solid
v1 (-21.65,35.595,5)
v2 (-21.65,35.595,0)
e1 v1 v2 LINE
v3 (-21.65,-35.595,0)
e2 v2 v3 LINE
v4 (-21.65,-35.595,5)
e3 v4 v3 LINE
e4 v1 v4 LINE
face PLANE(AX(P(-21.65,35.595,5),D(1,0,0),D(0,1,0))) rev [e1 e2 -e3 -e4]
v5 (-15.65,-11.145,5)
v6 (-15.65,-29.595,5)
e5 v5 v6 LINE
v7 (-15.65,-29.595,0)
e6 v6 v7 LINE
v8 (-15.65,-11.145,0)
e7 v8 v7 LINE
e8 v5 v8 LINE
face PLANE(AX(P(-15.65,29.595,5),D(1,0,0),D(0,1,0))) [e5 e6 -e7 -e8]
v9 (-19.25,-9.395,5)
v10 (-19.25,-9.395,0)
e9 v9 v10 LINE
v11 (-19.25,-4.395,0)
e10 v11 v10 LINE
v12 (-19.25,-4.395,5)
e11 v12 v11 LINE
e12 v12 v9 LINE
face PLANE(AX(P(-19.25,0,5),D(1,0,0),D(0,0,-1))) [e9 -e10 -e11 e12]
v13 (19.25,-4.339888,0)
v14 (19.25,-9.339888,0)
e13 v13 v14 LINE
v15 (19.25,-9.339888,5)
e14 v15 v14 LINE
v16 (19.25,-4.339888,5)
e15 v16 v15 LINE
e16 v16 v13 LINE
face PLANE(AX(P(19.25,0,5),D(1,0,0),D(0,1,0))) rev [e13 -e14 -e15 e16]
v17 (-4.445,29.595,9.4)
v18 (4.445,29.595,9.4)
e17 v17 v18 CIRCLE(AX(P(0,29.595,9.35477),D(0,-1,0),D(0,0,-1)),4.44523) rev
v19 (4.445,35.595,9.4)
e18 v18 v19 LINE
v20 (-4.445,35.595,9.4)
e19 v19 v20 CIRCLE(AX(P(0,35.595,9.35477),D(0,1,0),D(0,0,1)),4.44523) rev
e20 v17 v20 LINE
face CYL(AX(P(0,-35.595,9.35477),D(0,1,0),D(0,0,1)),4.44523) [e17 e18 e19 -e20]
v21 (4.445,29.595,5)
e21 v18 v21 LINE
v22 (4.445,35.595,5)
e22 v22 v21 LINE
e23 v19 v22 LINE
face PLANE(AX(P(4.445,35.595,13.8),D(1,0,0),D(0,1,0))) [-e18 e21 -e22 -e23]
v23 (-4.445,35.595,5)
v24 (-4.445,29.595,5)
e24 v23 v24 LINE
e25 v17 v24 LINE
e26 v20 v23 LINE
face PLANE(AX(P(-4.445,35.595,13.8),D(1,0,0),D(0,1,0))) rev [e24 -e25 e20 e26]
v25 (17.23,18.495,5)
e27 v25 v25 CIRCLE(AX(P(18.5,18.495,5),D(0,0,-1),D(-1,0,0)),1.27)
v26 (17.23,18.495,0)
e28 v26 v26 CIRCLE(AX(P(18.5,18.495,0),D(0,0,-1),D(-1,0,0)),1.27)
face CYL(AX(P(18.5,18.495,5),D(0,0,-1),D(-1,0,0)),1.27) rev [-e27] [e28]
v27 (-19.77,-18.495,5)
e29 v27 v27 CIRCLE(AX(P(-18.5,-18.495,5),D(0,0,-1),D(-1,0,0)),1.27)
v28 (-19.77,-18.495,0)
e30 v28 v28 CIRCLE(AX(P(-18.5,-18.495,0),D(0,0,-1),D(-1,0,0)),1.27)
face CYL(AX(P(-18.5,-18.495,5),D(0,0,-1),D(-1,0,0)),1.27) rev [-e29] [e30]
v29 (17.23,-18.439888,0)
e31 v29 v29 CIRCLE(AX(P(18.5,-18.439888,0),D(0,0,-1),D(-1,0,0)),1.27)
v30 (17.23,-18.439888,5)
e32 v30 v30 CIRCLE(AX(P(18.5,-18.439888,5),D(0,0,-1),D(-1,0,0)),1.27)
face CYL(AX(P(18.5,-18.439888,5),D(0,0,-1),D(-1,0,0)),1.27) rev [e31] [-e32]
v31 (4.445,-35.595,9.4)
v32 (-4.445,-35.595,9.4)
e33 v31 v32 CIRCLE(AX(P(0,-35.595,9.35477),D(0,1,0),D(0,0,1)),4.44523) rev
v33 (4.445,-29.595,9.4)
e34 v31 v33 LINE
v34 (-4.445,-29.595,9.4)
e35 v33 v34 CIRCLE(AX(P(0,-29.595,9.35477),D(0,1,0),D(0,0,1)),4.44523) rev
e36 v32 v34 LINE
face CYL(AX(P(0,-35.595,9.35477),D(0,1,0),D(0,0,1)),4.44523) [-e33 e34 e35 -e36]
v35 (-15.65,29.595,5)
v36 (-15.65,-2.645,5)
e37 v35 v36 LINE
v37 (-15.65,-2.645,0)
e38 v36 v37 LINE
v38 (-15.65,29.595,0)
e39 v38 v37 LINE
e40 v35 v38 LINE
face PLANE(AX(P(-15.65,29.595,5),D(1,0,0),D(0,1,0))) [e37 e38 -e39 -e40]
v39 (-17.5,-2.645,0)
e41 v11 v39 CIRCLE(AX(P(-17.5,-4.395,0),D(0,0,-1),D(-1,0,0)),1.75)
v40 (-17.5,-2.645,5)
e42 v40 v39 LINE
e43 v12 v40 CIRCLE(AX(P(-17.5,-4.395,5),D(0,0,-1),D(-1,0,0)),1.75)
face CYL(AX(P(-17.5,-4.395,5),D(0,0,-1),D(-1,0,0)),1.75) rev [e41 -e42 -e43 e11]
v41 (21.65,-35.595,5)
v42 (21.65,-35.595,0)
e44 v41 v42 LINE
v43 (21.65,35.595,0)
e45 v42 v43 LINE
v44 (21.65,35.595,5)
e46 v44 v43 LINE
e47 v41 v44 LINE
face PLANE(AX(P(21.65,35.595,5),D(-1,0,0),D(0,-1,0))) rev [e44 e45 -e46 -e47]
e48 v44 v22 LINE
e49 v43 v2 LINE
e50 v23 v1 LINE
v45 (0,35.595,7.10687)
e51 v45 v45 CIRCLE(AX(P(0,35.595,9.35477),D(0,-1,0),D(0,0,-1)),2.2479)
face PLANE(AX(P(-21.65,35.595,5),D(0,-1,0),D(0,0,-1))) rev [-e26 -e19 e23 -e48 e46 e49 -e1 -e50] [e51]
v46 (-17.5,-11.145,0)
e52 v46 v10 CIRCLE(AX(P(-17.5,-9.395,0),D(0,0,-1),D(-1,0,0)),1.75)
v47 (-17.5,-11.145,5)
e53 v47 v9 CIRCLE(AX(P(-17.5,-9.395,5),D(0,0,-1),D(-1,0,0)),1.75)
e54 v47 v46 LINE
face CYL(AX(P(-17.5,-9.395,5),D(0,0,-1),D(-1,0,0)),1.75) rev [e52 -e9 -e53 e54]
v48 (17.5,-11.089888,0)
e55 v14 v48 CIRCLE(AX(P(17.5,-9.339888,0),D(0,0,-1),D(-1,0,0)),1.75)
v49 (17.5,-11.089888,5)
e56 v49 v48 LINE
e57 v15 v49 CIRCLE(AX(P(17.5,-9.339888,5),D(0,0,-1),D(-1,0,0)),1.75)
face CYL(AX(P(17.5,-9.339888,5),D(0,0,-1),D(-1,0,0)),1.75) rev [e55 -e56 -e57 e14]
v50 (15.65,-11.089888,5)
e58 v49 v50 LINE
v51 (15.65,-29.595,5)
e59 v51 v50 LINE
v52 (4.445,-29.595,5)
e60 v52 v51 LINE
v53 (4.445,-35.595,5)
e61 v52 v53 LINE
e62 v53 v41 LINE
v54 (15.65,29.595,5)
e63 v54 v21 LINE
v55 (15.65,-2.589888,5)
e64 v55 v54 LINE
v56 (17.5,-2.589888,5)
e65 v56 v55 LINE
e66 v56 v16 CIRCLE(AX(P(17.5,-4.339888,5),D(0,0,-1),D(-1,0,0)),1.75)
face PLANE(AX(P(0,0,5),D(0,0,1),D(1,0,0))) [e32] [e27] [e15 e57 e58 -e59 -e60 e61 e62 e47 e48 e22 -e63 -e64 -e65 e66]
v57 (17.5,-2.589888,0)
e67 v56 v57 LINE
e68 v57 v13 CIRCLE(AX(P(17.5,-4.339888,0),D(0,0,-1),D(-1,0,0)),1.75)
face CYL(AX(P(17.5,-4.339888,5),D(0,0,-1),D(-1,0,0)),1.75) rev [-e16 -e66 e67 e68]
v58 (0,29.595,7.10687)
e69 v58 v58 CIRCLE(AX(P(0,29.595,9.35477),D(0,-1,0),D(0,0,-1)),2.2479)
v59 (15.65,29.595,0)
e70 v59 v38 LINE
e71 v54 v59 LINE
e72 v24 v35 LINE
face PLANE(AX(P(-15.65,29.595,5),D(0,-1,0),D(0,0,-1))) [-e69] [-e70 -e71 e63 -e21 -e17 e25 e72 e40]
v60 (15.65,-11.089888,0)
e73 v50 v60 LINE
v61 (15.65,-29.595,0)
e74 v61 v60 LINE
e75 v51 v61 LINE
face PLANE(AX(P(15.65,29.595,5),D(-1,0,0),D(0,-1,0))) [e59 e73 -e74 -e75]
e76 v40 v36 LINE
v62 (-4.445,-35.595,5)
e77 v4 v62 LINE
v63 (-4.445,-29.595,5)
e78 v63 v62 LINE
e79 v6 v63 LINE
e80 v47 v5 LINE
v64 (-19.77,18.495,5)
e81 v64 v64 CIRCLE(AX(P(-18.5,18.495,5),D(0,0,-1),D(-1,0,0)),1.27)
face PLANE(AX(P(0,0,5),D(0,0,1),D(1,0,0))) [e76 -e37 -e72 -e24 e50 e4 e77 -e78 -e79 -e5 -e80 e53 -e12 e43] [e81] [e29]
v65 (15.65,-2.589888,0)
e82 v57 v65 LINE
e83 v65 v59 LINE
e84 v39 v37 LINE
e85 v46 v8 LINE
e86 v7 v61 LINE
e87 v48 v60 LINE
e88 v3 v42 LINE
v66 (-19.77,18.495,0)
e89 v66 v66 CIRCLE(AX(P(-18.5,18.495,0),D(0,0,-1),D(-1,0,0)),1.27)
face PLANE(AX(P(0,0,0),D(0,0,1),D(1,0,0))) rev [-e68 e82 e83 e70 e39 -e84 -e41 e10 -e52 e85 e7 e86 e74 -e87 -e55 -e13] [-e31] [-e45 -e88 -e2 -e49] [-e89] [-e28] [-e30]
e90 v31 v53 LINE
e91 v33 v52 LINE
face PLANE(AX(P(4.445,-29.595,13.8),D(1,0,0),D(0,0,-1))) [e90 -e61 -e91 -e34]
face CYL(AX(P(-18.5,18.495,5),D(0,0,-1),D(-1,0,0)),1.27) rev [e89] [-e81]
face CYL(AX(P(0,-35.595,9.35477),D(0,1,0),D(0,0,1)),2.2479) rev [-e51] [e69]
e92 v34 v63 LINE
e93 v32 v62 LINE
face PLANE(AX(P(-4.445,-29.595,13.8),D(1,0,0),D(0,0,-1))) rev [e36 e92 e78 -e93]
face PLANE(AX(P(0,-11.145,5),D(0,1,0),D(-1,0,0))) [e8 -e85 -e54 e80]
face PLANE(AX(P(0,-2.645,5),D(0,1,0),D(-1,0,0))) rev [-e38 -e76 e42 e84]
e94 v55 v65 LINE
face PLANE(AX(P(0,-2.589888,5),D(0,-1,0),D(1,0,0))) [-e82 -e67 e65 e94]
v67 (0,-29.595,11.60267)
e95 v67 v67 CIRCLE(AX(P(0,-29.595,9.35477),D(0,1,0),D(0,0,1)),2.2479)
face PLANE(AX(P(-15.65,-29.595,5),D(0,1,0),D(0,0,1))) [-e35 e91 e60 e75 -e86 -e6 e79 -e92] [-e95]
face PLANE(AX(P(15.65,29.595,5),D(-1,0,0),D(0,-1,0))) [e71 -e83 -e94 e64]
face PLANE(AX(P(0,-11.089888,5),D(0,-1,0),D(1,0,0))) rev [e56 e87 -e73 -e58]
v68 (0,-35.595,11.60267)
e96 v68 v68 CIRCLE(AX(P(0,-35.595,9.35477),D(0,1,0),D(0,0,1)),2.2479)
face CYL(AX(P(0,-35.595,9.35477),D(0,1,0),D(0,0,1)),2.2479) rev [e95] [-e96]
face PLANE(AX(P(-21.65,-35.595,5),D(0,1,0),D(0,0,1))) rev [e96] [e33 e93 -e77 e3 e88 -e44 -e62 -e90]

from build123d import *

# Parameters (mm, degrees)
SKETCH2_W               = 43.3
SKETCH2_H               = 71.19
SKETCH2_W_2             = 31.3
SKETCH2_H_2             = 59.19
BOSS_EXTRUDE1_DEPTH     = 5
SKETCH3_W               = 8.89
SKETCH3_H               = 6
BOSS_EXTRUDE2_DEPTH     = 8.8
CUT_EXTRUDE1_DEPTH      = 76.678124977
CUT_EXTRUDE1_DEPTH_BACK = 76.678124977
SKETCH5_R               = 2.2479
SKETCH6_R               = 1.75
SKETCH6_R_2             = 1.27
CUT_EXTRUDE2_DEPTH      = 5


with BuildPart() as part:
    # Sketch2 → Boss-Extrude1 (new body)
    with BuildSketch(Plane.XY):
        Rectangle(SKETCH2_W, SKETCH2_H)
        Rectangle(SKETCH2_W_2, SKETCH2_H_2, mode=Mode.SUBTRACT)
    extrude(amount=BOSS_EXTRUDE1_DEPTH)

    # Sketch3 → Boss-Extrude2 (add)
    with BuildSketch(Plane.XY.offset(5)):
        with Locations((0, 32.595)):
            Rectangle(SKETCH3_W, SKETCH3_H)
        with Locations((0, -32.595)):
            Rectangle(SKETCH3_W, SKETCH3_H)
    extrude(amount=BOSS_EXTRUDE2_DEPTH)

    # Sketch5 → Cut-Extrude1 (cut, two sides: drawn at the far end of the back side and taken through both)
    with BuildSketch(Plane(origin=(0, 35.595, 0), x_dir=(1, 0, 0), z_dir=(0, 1, 0)).offset(-CUT_EXTRUDE1_DEPTH_BACK)):
        with BuildLine():
            Line((-4.445, -13.8), (-2.8e-08, -13.8))
            ThreePointArc((-2.8e-08, -13.8), (-3.127220221, -12.513973022), (-4.445, -9.4))
            Line((-4.445, -9.4), (-4.445, -13.8))
        make_face()
        with BuildLine():
            Line((4.445, -13.8), (4.445, -9.4))
            ThreePointArc((4.445, -9.4), (3.127220202, -12.513973041), (-2.8e-08, -13.8))
            Line((-2.8e-08, -13.8), (4.445, -13.8))
        make_face()
        with Locations(Location((0, -9.354769886, 0), (0, 0, 90))):
            Circle(SKETCH5_R)
    extrude(amount=CUT_EXTRUDE1_DEPTH + CUT_EXTRUDE1_DEPTH_BACK, mode=Mode.SUBTRACT)

    # Sketch6 → Cut-Extrude2 (cut)
    with BuildSketch(Plane(origin=(0, 0, 0), x_dir=(-1, 0, 0), z_dir=(0, 0, -1))):
        with BuildLine():
            Line((-15.65, -2.589888065), (-17.5, -2.589888065))
            ThreePointArc((-17.5, -2.589888065), (-16.262563133, -3.102451197), (-15.75, -4.339888065))
            ThreePointArc((-15.75, -4.339888065), (-17.5, -6.089888065), (-19.25, -4.339888065))
            Line((-19.25, -4.339888065), (-19.25, -9.339888065))
            ThreePointArc((-19.25, -9.339888065), (-17.5, -7.589888065), (-15.75, -9.339888065))
            ThreePointArc((-15.75, -9.339888065), (-16.262563133, -10.577324932), (-17.5, -11.089888065))
            Line((-17.5, -11.089888065), (-15.65, -11.089888065))
            Line((-15.65, -11.089888065), (-15.65, -2.589888065))
        make_face()
        with Locations((-17.5, -4.339888065)):
            Circle(SKETCH6_R)
        with Locations((-17.5, -9.339888065)):
            Circle(SKETCH6_R)
        with Locations((17.5, -9.395)):
            Circle(SKETCH6_R)
        with BuildLine():
            ThreePointArc((19.25, -4.395), (16.262563133, -5.632436867), (17.5, -2.645))
            Line((17.5, -2.645), (15.65, -2.645))
            Line((15.65, -2.645), (15.65, -11.145))
            Line((15.65, -11.145), (17.5, -11.145))
            ThreePointArc((17.5, -11.145), (16.262563133, -8.157563133), (19.25, -9.395))
            Line((19.25, -9.395), (19.25, -4.395))
        make_face()
        with Locations((17.5, -4.395)):
            Circle(SKETCH6_R)
        with Locations((-18.5, 18.49499991)):
            Circle(SKETCH6_R_2)
        with Locations((18.5, 18.495)):
            Circle(SKETCH6_R_2)
        with Locations((18.5, -18.495)):
            Circle(SKETCH6_R_2)
        with Locations((-18.49999995, -18.439888065)):
            Circle(SKETCH6_R_2)
    extrude(amount=-CUT_EXTRUDE2_DEPTH, mode=Mode.SUBTRACT)


solid = part.part
